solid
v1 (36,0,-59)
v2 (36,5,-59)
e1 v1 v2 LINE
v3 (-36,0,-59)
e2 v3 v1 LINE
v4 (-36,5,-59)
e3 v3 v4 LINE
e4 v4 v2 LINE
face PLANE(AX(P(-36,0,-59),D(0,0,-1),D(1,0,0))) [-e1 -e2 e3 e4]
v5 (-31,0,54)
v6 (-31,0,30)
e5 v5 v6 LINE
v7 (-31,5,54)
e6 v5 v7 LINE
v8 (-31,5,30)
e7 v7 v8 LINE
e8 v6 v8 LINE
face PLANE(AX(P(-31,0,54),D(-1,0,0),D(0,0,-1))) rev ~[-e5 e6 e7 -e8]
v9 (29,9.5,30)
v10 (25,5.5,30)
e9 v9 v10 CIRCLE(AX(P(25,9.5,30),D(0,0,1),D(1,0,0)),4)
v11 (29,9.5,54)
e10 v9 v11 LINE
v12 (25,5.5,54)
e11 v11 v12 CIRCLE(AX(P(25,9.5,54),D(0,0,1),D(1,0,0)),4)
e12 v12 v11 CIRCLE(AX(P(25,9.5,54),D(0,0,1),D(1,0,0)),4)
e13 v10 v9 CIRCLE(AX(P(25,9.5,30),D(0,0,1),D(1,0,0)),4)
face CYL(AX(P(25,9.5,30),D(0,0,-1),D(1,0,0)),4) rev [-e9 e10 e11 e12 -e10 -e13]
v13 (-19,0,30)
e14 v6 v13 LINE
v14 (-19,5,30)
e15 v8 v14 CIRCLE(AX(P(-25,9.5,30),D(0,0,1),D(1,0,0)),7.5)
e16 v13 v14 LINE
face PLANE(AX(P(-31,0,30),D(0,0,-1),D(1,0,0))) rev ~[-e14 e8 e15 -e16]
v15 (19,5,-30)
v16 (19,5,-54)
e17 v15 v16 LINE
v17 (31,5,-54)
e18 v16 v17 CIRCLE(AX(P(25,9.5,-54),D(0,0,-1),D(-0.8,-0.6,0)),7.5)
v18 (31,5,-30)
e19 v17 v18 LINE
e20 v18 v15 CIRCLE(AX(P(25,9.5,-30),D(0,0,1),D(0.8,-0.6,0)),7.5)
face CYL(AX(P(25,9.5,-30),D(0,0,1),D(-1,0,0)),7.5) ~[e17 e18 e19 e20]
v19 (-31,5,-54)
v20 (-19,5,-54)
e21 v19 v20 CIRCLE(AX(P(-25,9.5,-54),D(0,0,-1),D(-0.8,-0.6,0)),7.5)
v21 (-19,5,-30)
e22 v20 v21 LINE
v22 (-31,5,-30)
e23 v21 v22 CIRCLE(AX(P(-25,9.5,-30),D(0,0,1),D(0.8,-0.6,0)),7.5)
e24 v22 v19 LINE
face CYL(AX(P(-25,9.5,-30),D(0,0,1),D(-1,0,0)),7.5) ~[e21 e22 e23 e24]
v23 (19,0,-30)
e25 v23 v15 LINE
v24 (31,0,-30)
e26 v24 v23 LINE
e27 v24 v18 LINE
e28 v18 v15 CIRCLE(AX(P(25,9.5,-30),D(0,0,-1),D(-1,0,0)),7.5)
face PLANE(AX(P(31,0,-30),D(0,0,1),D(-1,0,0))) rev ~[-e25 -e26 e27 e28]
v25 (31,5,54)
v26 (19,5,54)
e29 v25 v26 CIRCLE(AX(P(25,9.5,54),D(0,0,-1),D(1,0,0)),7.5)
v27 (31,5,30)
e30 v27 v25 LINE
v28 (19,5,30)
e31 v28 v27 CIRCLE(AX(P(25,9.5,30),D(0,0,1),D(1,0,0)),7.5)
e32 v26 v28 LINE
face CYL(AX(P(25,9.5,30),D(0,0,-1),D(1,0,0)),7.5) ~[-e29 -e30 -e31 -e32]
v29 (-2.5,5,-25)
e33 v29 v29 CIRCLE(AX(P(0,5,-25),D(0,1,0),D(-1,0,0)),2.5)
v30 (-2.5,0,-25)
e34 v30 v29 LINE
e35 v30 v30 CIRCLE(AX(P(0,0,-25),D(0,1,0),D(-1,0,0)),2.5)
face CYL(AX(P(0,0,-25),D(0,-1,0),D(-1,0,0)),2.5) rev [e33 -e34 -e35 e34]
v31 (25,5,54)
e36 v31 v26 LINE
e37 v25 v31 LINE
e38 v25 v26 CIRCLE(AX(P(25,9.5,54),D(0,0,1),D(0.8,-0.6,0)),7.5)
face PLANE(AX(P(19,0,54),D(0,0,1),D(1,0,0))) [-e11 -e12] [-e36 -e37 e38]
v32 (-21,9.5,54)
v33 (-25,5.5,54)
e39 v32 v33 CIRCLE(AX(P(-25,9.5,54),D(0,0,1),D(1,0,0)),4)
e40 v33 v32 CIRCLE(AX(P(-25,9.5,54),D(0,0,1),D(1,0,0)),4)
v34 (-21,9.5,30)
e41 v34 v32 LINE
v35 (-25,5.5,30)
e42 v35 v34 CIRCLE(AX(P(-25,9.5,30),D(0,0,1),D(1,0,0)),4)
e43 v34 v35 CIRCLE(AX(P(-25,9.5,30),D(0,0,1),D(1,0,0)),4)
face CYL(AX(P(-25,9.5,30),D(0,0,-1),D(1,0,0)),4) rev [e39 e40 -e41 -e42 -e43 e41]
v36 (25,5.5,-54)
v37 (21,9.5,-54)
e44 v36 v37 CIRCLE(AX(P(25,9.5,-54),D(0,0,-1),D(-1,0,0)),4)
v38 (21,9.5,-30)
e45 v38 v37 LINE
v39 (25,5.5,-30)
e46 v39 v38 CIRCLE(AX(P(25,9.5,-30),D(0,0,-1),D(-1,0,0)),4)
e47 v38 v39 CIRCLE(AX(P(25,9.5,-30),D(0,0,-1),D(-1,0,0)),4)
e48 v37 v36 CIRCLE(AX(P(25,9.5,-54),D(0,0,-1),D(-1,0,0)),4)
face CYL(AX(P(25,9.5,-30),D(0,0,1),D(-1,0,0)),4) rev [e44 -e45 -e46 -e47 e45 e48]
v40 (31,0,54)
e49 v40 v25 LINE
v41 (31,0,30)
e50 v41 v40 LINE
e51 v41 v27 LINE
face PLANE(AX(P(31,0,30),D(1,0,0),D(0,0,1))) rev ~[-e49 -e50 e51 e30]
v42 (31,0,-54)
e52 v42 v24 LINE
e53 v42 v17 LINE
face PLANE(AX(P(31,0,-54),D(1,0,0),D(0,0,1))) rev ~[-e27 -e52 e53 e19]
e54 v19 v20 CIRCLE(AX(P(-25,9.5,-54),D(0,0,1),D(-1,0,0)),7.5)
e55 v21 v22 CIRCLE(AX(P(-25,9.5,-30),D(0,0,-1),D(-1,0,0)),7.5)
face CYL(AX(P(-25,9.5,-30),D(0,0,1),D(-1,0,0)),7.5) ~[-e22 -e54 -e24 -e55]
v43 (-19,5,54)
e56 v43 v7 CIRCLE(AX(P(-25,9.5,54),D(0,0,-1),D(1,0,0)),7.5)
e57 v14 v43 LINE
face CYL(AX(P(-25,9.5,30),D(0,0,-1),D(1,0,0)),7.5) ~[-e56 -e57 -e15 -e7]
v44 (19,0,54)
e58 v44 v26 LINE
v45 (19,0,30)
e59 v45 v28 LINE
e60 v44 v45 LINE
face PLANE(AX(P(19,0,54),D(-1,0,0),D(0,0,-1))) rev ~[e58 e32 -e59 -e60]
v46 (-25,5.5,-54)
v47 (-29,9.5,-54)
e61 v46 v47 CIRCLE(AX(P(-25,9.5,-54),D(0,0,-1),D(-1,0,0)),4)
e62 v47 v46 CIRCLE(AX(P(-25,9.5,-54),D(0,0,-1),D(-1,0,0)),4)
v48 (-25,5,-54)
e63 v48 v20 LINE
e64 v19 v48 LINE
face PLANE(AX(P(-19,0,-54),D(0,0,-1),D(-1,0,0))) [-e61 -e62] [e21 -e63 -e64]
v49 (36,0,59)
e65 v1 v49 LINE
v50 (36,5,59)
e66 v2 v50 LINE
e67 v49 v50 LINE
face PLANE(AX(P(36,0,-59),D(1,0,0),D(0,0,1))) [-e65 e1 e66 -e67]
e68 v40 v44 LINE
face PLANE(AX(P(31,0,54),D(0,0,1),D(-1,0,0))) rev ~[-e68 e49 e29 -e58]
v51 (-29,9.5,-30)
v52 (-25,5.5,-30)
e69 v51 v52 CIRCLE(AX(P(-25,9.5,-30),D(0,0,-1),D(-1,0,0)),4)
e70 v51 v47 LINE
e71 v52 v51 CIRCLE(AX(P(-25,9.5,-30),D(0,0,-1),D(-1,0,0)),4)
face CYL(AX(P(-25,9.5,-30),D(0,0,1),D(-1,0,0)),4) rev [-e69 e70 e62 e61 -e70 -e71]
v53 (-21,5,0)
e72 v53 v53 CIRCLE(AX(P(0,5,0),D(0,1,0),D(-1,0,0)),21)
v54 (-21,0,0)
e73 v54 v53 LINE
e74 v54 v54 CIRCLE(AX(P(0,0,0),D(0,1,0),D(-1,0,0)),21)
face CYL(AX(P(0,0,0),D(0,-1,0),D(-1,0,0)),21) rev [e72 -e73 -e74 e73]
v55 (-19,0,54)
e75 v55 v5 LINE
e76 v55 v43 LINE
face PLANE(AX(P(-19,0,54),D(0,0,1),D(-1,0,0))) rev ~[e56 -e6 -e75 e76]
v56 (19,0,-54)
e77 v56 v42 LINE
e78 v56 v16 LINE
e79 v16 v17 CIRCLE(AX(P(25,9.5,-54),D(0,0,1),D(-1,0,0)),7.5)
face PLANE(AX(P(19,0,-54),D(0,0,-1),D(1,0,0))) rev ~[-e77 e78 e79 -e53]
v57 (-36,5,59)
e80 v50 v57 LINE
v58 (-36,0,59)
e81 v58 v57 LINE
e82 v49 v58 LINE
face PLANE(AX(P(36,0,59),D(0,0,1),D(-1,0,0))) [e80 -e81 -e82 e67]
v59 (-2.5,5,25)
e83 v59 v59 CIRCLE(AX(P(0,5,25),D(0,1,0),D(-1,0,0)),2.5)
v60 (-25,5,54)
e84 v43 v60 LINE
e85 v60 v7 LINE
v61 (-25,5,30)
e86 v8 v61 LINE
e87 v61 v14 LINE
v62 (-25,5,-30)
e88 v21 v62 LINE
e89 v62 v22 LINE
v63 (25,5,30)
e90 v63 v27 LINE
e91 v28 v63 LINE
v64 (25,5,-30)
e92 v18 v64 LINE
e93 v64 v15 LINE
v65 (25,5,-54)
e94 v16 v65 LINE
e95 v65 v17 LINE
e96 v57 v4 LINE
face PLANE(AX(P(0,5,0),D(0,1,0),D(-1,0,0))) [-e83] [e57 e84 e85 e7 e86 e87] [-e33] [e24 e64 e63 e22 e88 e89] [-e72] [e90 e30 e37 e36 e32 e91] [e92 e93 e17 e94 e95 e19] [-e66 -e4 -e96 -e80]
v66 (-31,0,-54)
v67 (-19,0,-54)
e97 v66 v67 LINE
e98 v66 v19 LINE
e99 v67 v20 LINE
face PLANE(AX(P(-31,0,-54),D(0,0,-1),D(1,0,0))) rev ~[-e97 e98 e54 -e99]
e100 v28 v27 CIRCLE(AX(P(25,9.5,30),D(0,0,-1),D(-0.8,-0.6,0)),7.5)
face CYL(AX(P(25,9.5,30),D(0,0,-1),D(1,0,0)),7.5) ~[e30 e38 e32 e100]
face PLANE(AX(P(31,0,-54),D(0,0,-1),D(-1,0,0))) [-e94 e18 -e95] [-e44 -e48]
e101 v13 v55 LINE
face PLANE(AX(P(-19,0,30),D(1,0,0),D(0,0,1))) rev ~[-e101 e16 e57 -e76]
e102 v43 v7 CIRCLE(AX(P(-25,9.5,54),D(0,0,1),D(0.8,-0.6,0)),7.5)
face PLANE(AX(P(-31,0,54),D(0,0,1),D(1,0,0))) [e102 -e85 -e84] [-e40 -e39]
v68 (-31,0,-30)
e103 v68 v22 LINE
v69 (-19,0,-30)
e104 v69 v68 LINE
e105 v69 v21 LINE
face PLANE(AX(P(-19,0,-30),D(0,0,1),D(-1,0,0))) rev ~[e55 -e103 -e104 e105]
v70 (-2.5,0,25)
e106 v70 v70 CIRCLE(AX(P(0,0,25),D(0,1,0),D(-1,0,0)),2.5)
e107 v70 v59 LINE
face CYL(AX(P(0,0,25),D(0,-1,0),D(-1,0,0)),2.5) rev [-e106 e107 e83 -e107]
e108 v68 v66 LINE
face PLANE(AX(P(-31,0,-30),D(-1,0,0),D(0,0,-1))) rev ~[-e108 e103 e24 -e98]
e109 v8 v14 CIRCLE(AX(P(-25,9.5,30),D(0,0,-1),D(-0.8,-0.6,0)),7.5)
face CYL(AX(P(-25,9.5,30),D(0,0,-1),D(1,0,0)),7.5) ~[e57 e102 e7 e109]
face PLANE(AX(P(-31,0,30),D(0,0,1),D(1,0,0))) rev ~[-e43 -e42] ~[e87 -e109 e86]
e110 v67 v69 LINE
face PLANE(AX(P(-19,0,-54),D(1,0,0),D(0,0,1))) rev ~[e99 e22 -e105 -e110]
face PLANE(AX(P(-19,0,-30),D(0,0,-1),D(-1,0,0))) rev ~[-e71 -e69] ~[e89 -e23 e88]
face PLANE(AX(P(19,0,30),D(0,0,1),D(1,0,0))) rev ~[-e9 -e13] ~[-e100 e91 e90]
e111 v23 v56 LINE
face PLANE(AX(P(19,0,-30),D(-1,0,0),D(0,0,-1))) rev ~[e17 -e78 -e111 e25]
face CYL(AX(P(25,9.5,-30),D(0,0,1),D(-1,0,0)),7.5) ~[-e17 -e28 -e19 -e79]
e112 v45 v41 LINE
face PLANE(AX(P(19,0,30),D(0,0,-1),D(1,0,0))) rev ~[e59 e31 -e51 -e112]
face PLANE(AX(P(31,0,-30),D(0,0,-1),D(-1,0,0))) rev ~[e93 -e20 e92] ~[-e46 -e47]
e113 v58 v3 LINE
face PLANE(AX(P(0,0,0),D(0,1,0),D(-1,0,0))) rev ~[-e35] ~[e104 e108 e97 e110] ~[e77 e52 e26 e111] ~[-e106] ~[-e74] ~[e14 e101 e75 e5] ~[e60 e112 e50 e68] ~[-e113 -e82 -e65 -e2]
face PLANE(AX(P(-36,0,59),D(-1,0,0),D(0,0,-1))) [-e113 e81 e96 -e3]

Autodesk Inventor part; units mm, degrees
ref_plane "YZ Plane" through (0, 0, 0) normal (1, 0, 0) x (0, 1, 0)
ref_plane "XZ Plane" through (0, 0, 0) normal (0, 1, 0) x (-1, 0, 0)
ref_plane "XY Plane" through (0, 0, 0) normal (0, 0, 1) x (1, 0, 0)
sketch "Sketch1" plane through (0, 0, 0) normal (0, 1, 0) x (-1, 0, 0)
  circle A0 centre (0, 0) radius 21
  circle A1 centre (0, 25) radius 2.5
  circle A2 centre (0, -25) radius 2.5
  line L0 (-31, 54) -> (-19, 54)
  line L1 (-19, 54) -> (-19, 30)
  line L2 (-19, 30) -> (-31, 30)
  line L3 (-31, 30) -> (-31, 54)
  line L4 (19, 54) -> (31, 54)
  line L5 (31, 54) -> (31, 30)
  line L6 (31, 30) -> (19, 30)
  line L7 (19, 30) -> (19, 54)
  line L8 (-31, -30) -> (-19, -30)
  line L9 (-19, -30) -> (-19, -54)
  line L10 (-19, -54) -> (-31, -54)
  line L11 (-31, -54) -> (-31, -30)
  line L12 (19, -30) -> (31, -30)
  line L13 (31, -30) -> (31, -54)
  line L14 (31, -54) -> (19, -54)
  line L15 (19, -54) -> (19, -30)
  line L16 (-36, 59) -> (36, 59)
  line L17 (36, 59) -> (36, -59)
  line L18 (36, -59) -> (-36, -59)
  line L19 (-36, -59) -> (-36, 59)
  dimension "d2" = 5
  dimension "d4" = 5
  dimension "d9" = 12
  dimension "d10" = 24
  dimension "d11" = 12
  dimension "d12" = 24
  dimension "d13" = 12
  dimension "d14" = 24
  dimension "d15" = 12
  dimension "d16" = 24
extrude "Extrusion1" add sketch "Sketch1" along normal blind 5
sketch "Sketch2" plane through (19, 0, 30) normal (0, 0, 1) x (1, 0, 0)
  line L0 (0, 5) -> (12, 5) projected
  line L1 (0, 0) -> (0, 5) projected
  line L2 (6, 5) -> (6, 9.5)
  circle A0 centre (6, 9.5) radius 7.5
  circle A1 centre (6, 9.5) radius 4
  point P0 (-19, 0)
  dimension "d23" = 4.5
  dimension "d24" = 15
  dimension "d25" = 8
extrude "Extrusion2" add sketch "Sketch2" along normal blind 24
sketch "Sketch3" plane through (-31, 0, 30) normal (0, 0, 1) x (1, 0, 0)
  line L0 (0, 5) -> (12, 5) projected
  line L1 (0, 0) -> (0, 5) projected
  line L2 (6, 5) -> (6, 9.5)
  circle A0 centre (6, 9.5) radius 7.5
  circle A1 centre (6, 9.5) radius 4
  point P0 (31, 0)
  dimension "d28" = 4.5
  dimension "d29" = 15
  dimension "d30" = 8
extrude "Extrusion3" add sketch "Sketch3" along normal blind 24
sketch "Sketch4" plane through (-19, 0, -30) normal (0, 0, -1) x (-1, 0, 0)
  line L0 (0, 5) -> (12, 5) projected
  line L1 (0, 0) -> (0, 5) projected
  line L2 (6, 5) -> (6, 9.5)
  circle A0 centre (6, 9.5) radius 7.5
  circle A1 centre (6, 9.5) radius 4
  point P0 (-19, 0)
  dimension "d33" = 4.5
  dimension "d34" = 15
  dimension "d35" = 8
extrude "Extrusion4" add sketch "Sketch4" along normal blind 24
sketch "Sketch5" plane through (31, 0, -30) normal (0, 0, -1) x (-1, 0, 0)
  line L0 (0, 5) -> (12, 5) projected
  line L1 (0, 0) -> (0, 5) projected
  line L2 (6, 5) -> (6, 9.5)
  circle A0 centre (6, 9.5) radius 7.5
  circle A1 centre (6, 9.5) radius 4
  point P0 (31, 0)
  dimension "d38" = 4.5
  dimension "d39" = 15
  dimension "d40" = 8
extrude "Extrusion5" add sketch "Sketch5" along normal blind 24
properties part number "X_Carriage_V1" material "Ash"
